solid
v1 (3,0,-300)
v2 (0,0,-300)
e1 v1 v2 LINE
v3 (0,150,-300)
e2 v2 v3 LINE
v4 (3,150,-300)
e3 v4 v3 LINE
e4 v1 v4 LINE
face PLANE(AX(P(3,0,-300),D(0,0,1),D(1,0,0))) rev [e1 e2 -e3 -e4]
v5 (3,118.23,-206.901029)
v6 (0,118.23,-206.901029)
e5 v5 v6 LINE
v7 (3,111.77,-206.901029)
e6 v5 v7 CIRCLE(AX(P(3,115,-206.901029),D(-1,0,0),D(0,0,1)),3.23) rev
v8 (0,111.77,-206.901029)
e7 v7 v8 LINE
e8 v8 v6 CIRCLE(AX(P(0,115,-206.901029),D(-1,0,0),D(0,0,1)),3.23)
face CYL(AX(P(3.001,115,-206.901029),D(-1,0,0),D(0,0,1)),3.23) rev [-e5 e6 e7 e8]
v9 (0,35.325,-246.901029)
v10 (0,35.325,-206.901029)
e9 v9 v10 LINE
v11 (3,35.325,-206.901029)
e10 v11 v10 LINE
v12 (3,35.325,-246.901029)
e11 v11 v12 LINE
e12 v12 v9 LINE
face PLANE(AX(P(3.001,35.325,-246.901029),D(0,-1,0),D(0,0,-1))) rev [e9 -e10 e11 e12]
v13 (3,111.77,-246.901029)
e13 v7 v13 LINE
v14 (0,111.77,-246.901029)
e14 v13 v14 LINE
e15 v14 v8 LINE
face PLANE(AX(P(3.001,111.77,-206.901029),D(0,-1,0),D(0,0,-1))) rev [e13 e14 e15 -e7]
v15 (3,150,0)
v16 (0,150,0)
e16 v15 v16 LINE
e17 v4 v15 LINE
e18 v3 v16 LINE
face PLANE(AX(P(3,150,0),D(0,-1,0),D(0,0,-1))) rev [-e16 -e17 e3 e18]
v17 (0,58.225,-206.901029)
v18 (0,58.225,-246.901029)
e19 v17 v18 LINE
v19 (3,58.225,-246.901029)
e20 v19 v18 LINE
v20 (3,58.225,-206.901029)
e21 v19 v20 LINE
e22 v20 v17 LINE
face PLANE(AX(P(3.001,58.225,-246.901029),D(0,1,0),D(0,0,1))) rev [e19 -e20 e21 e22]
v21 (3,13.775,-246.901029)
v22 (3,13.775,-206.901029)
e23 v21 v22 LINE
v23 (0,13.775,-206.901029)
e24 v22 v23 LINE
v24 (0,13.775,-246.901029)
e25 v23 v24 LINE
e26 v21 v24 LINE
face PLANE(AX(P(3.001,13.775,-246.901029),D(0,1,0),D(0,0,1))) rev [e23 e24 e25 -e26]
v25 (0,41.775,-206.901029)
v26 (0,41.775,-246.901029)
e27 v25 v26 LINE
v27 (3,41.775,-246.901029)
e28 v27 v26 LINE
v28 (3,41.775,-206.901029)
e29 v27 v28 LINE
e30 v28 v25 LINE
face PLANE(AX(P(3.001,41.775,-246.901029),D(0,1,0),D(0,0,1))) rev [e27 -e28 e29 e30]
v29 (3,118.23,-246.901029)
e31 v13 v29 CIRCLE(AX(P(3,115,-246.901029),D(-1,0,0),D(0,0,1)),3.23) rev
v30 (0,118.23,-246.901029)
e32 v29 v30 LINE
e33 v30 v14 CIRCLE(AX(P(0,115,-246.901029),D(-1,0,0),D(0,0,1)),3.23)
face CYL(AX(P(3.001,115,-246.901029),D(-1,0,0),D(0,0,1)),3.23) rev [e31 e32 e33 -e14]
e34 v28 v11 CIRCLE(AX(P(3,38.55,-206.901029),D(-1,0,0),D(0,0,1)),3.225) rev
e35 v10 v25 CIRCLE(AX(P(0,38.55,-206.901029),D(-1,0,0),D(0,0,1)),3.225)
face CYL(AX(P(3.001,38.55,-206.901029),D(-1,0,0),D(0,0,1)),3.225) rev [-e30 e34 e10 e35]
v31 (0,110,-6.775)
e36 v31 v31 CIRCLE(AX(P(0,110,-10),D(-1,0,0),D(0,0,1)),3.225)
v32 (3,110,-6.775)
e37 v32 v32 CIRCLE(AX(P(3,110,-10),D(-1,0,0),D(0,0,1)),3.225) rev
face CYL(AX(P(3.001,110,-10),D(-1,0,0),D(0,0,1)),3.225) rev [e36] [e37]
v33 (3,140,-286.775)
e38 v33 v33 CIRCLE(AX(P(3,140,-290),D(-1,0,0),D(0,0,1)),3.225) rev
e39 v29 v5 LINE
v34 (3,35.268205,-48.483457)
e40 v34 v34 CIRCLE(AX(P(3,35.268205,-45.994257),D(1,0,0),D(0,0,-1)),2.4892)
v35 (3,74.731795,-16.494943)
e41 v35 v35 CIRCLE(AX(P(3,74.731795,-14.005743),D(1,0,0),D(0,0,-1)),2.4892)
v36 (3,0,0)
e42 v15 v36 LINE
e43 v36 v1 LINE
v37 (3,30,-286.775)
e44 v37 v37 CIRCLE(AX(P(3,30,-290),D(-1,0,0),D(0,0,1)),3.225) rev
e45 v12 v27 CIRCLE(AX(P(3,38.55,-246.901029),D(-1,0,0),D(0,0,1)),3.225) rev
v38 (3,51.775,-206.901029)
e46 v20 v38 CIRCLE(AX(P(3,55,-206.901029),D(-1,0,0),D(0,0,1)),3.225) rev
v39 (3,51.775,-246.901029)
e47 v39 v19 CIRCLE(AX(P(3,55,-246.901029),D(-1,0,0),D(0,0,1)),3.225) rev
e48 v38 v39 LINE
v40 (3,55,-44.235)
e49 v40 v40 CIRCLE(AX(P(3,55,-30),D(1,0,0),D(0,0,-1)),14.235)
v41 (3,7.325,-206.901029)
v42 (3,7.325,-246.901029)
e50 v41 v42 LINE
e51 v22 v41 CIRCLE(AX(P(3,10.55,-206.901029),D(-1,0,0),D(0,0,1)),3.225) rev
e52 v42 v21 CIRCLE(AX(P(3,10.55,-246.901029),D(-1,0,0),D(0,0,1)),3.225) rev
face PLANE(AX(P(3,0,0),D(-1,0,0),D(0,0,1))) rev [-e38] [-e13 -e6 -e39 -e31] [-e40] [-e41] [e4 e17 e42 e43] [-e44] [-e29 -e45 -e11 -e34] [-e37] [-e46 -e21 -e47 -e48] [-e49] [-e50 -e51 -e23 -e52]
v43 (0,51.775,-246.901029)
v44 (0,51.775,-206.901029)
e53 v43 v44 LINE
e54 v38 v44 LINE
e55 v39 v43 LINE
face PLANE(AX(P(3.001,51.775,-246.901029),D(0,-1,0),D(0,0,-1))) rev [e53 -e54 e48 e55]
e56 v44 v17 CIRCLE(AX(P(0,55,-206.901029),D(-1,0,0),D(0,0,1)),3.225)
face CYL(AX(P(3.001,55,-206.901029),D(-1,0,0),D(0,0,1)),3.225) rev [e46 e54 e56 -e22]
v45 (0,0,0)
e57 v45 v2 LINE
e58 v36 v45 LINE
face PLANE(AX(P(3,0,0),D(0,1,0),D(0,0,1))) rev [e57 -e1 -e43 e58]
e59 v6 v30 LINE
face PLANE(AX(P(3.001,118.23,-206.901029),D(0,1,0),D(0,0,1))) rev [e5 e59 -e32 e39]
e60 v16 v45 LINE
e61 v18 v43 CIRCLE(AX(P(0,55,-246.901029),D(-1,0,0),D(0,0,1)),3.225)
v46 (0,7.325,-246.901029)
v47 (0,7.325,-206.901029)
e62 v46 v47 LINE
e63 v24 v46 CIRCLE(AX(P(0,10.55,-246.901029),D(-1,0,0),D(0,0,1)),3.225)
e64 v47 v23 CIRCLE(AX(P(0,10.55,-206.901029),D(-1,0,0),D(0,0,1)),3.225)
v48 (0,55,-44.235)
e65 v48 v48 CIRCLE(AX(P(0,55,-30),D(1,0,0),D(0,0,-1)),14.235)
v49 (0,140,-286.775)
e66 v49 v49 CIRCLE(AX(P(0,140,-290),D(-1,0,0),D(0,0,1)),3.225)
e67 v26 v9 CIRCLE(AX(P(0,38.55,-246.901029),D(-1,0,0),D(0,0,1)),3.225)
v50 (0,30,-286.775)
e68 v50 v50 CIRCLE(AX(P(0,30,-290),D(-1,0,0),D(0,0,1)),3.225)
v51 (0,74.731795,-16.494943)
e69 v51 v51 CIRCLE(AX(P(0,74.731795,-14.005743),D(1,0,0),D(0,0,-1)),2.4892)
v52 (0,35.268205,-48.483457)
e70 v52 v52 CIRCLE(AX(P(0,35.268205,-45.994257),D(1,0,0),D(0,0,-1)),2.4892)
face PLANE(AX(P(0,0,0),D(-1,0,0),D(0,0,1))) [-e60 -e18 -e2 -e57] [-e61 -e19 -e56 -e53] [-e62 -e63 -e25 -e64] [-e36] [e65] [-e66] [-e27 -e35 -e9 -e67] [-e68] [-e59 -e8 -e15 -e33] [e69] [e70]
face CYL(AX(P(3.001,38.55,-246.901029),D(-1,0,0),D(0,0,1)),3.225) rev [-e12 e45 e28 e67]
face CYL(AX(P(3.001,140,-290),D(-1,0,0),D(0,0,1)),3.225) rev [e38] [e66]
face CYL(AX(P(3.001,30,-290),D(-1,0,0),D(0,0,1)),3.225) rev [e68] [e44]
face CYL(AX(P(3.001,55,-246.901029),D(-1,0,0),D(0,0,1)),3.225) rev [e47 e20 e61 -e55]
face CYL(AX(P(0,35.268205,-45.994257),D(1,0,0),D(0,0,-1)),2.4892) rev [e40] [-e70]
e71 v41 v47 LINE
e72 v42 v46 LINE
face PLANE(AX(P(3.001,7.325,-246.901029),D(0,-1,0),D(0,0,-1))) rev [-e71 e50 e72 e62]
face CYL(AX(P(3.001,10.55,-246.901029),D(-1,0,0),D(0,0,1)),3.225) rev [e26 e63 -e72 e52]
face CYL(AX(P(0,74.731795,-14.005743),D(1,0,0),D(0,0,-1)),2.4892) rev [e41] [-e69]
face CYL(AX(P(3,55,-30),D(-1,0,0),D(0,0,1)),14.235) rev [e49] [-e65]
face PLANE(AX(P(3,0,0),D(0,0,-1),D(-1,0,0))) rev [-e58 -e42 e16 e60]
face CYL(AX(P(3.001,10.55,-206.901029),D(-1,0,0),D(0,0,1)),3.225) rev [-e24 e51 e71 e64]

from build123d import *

# Parameters (mm, degrees)
SKETCH1_W           = 300
SKETCH1_H           = 150
SKETCH1_R           = 14.235
BOSS_EXTRUDE1_DEPTH = 3
CUT_EXTRUDE1_REACH  = 5
SKETCH2_R           = 3.225
SKETCH3_R           = 2.4892
CUT_EXTRUDE2_DEPTH  = 4


with BuildPart() as part:
    # Sketch1 → Boss-Extrude1 (new body)
    with BuildSketch(Plane(origin=(0, 0, 0), x_dir=(0, 0, -1), z_dir=(1, 0, 0))):
        with Locations((150, 75)):
            Rectangle(SKETCH1_W, SKETCH1_H)
        with Locations((30, 55)):
            Circle(SKETCH1_R, mode=Mode.SUBTRACT)
    extrude(amount=BOSS_EXTRUDE1_DEPTH)

    # Sketch2 → Cut-Extrude1 (cut, up to next)
    with BuildSketch(Plane.ZY, mode=Mode.PRIVATE) as cut_extrude1_sk1:
        with Locations((-290, 140)):
            Circle(SKETCH2_R)
    cut_extrude1_tool1 = extrude(cut_extrude1_sk1.sketch, amount=-CUT_EXTRUDE1_REACH, mode=Mode.PRIVATE) & part.part
    add(cut_extrude1_tool1.solids().sort_by_distance((0, 140, -290))[0], mode=Mode.SUBTRACT)
    # Sketch2 → Cut-Extrude1 (cut, up to next)
    with BuildSketch(Plane.ZY, mode=Mode.PRIVATE) as cut_extrude1_sk2:
        with Locations((-10, 110)):
            Circle(SKETCH2_R)
    cut_extrude1_tool2 = extrude(cut_extrude1_sk2.sketch, amount=-CUT_EXTRUDE1_REACH, mode=Mode.PRIVATE) & part.part
    add(cut_extrude1_tool2.solids().sort_by_distance((0, 110, -10))[0], mode=Mode.SUBTRACT)
    # Sketch2 → Cut-Extrude1 (cut, up to next)
    with BuildSketch(Plane.ZY, mode=Mode.PRIVATE) as cut_extrude1_sk3:
        with Locations((-290, 30)):
            Circle(SKETCH2_R)
    cut_extrude1_tool3 = extrude(cut_extrude1_sk3.sketch, amount=-CUT_EXTRUDE1_REACH, mode=Mode.PRIVATE) & part.part
    add(cut_extrude1_tool3.solids().sort_by_distance((0, 30, -290))[0], mode=Mode.SUBTRACT)
    # Sketch2 → Cut-Extrude1 (cut, up to next)
    with BuildSketch(Plane.ZY, mode=Mode.PRIVATE) as cut_extrude1_sk4:
        with BuildLine():
            Line((-246.901029004, 58.225), (-206.901029004, 58.225))
            ThreePointArc((-206.901029004, 58.225), (-203.676029004, 55), (-206.901029004, 51.775))
            Line((-206.901029004, 51.775), (-246.901029004, 51.775))
            ThreePointArc((-246.901029004, 51.775), (-250.126029004, 55), (-246.901029004, 58.225))
        make_face()
    cut_extrude1_tool4 = extrude(cut_extrude1_sk4.sketch, amount=-CUT_EXTRUDE1_REACH, mode=Mode.PRIVATE) & part.part
    add(cut_extrude1_tool4.solids().sort_by_distance((0, 55, -226.901029))[0], mode=Mode.SUBTRACT)
    # Sketch2 → Cut-Extrude1 (cut, up to next)
    with BuildSketch(Plane.ZY, mode=Mode.PRIVATE) as cut_extrude1_sk5:
        with BuildLine():
            Line((-206.901029004, 111.77), (-246.901029004, 111.77))
            ThreePointArc((-246.901029004, 111.77), (-250.131029004, 115), (-246.901029004, 118.23))
            Line((-246.901029004, 118.23), (-206.901029004, 118.23))
            ThreePointArc((-206.901029004, 118.23), (-203.671029004, 115), (-206.901029004, 111.77))
        make_face()
    cut_extrude1_tool5 = extrude(cut_extrude1_sk5.sketch, amount=-CUT_EXTRUDE1_REACH, mode=Mode.PRIVATE) & part.part
    add(cut_extrude1_tool5.solids().sort_by_distance((0, 115, -226.901029))[0], mode=Mode.SUBTRACT)
    # Sketch2 → Cut-Extrude1 (cut, up to next)
    with BuildSketch(Plane.ZY, mode=Mode.PRIVATE) as cut_extrude1_sk6:
        with BuildLine():
            Line((-246.901029004, 41.775), (-206.901029004, 41.775))
            ThreePointArc((-206.901029004, 41.775), (-203.676029004, 38.55), (-206.901029004, 35.325))
            Line((-206.901029004, 35.325), (-246.901029004, 35.325))
            ThreePointArc((-246.901029004, 35.325), (-250.126029004, 38.55), (-246.901029004, 41.775))
        make_face()
    cut_extrude1_tool6 = extrude(cut_extrude1_sk6.sketch, amount=-CUT_EXTRUDE1_REACH, mode=Mode.PRIVATE) & part.part
    add(cut_extrude1_tool6.solids().sort_by_distance((0, 38.55, -226.901029))[0], mode=Mode.SUBTRACT)
    # Sketch2 → Cut-Extrude1 (cut, up to next)
    with BuildSketch(Plane.ZY, mode=Mode.PRIVATE) as cut_extrude1_sk7:
        with BuildLine():
            Line((-246.901029004, 13.775), (-206.901029004, 13.775))
            ThreePointArc((-206.901029004, 13.775), (-203.676029004, 10.55), (-206.901029004, 7.325))
            Line((-206.901029004, 7.325), (-246.901029004, 7.325))
            ThreePointArc((-246.901029004, 7.325), (-250.126029004, 10.55), (-246.901029004, 13.775))
        make_face()
    cut_extrude1_tool7 = extrude(cut_extrude1_sk7.sketch, amount=-CUT_EXTRUDE1_REACH, mode=Mode.PRIVATE) & part.part
    add(cut_extrude1_tool7.solids().sort_by_distance((0, 10.55, -226.901029))[0], mode=Mode.SUBTRACT)

    # Sketch3 → Cut-Extrude2 (cut, through all)
    with BuildSketch(Plane(origin=(3, 0, 0), x_dir=(0, 0, -1), z_dir=(1, 0, 0))):
        with Locations((14.005743185, 74.73179538)):
            Circle(SKETCH3_R)
        with Locations((45.994256815, 35.26820462)):
            Circle(SKETCH3_R)
    extrude(amount=-CUT_EXTRUDE2_DEPTH, mode=Mode.SUBTRACT)


solid = part.part
